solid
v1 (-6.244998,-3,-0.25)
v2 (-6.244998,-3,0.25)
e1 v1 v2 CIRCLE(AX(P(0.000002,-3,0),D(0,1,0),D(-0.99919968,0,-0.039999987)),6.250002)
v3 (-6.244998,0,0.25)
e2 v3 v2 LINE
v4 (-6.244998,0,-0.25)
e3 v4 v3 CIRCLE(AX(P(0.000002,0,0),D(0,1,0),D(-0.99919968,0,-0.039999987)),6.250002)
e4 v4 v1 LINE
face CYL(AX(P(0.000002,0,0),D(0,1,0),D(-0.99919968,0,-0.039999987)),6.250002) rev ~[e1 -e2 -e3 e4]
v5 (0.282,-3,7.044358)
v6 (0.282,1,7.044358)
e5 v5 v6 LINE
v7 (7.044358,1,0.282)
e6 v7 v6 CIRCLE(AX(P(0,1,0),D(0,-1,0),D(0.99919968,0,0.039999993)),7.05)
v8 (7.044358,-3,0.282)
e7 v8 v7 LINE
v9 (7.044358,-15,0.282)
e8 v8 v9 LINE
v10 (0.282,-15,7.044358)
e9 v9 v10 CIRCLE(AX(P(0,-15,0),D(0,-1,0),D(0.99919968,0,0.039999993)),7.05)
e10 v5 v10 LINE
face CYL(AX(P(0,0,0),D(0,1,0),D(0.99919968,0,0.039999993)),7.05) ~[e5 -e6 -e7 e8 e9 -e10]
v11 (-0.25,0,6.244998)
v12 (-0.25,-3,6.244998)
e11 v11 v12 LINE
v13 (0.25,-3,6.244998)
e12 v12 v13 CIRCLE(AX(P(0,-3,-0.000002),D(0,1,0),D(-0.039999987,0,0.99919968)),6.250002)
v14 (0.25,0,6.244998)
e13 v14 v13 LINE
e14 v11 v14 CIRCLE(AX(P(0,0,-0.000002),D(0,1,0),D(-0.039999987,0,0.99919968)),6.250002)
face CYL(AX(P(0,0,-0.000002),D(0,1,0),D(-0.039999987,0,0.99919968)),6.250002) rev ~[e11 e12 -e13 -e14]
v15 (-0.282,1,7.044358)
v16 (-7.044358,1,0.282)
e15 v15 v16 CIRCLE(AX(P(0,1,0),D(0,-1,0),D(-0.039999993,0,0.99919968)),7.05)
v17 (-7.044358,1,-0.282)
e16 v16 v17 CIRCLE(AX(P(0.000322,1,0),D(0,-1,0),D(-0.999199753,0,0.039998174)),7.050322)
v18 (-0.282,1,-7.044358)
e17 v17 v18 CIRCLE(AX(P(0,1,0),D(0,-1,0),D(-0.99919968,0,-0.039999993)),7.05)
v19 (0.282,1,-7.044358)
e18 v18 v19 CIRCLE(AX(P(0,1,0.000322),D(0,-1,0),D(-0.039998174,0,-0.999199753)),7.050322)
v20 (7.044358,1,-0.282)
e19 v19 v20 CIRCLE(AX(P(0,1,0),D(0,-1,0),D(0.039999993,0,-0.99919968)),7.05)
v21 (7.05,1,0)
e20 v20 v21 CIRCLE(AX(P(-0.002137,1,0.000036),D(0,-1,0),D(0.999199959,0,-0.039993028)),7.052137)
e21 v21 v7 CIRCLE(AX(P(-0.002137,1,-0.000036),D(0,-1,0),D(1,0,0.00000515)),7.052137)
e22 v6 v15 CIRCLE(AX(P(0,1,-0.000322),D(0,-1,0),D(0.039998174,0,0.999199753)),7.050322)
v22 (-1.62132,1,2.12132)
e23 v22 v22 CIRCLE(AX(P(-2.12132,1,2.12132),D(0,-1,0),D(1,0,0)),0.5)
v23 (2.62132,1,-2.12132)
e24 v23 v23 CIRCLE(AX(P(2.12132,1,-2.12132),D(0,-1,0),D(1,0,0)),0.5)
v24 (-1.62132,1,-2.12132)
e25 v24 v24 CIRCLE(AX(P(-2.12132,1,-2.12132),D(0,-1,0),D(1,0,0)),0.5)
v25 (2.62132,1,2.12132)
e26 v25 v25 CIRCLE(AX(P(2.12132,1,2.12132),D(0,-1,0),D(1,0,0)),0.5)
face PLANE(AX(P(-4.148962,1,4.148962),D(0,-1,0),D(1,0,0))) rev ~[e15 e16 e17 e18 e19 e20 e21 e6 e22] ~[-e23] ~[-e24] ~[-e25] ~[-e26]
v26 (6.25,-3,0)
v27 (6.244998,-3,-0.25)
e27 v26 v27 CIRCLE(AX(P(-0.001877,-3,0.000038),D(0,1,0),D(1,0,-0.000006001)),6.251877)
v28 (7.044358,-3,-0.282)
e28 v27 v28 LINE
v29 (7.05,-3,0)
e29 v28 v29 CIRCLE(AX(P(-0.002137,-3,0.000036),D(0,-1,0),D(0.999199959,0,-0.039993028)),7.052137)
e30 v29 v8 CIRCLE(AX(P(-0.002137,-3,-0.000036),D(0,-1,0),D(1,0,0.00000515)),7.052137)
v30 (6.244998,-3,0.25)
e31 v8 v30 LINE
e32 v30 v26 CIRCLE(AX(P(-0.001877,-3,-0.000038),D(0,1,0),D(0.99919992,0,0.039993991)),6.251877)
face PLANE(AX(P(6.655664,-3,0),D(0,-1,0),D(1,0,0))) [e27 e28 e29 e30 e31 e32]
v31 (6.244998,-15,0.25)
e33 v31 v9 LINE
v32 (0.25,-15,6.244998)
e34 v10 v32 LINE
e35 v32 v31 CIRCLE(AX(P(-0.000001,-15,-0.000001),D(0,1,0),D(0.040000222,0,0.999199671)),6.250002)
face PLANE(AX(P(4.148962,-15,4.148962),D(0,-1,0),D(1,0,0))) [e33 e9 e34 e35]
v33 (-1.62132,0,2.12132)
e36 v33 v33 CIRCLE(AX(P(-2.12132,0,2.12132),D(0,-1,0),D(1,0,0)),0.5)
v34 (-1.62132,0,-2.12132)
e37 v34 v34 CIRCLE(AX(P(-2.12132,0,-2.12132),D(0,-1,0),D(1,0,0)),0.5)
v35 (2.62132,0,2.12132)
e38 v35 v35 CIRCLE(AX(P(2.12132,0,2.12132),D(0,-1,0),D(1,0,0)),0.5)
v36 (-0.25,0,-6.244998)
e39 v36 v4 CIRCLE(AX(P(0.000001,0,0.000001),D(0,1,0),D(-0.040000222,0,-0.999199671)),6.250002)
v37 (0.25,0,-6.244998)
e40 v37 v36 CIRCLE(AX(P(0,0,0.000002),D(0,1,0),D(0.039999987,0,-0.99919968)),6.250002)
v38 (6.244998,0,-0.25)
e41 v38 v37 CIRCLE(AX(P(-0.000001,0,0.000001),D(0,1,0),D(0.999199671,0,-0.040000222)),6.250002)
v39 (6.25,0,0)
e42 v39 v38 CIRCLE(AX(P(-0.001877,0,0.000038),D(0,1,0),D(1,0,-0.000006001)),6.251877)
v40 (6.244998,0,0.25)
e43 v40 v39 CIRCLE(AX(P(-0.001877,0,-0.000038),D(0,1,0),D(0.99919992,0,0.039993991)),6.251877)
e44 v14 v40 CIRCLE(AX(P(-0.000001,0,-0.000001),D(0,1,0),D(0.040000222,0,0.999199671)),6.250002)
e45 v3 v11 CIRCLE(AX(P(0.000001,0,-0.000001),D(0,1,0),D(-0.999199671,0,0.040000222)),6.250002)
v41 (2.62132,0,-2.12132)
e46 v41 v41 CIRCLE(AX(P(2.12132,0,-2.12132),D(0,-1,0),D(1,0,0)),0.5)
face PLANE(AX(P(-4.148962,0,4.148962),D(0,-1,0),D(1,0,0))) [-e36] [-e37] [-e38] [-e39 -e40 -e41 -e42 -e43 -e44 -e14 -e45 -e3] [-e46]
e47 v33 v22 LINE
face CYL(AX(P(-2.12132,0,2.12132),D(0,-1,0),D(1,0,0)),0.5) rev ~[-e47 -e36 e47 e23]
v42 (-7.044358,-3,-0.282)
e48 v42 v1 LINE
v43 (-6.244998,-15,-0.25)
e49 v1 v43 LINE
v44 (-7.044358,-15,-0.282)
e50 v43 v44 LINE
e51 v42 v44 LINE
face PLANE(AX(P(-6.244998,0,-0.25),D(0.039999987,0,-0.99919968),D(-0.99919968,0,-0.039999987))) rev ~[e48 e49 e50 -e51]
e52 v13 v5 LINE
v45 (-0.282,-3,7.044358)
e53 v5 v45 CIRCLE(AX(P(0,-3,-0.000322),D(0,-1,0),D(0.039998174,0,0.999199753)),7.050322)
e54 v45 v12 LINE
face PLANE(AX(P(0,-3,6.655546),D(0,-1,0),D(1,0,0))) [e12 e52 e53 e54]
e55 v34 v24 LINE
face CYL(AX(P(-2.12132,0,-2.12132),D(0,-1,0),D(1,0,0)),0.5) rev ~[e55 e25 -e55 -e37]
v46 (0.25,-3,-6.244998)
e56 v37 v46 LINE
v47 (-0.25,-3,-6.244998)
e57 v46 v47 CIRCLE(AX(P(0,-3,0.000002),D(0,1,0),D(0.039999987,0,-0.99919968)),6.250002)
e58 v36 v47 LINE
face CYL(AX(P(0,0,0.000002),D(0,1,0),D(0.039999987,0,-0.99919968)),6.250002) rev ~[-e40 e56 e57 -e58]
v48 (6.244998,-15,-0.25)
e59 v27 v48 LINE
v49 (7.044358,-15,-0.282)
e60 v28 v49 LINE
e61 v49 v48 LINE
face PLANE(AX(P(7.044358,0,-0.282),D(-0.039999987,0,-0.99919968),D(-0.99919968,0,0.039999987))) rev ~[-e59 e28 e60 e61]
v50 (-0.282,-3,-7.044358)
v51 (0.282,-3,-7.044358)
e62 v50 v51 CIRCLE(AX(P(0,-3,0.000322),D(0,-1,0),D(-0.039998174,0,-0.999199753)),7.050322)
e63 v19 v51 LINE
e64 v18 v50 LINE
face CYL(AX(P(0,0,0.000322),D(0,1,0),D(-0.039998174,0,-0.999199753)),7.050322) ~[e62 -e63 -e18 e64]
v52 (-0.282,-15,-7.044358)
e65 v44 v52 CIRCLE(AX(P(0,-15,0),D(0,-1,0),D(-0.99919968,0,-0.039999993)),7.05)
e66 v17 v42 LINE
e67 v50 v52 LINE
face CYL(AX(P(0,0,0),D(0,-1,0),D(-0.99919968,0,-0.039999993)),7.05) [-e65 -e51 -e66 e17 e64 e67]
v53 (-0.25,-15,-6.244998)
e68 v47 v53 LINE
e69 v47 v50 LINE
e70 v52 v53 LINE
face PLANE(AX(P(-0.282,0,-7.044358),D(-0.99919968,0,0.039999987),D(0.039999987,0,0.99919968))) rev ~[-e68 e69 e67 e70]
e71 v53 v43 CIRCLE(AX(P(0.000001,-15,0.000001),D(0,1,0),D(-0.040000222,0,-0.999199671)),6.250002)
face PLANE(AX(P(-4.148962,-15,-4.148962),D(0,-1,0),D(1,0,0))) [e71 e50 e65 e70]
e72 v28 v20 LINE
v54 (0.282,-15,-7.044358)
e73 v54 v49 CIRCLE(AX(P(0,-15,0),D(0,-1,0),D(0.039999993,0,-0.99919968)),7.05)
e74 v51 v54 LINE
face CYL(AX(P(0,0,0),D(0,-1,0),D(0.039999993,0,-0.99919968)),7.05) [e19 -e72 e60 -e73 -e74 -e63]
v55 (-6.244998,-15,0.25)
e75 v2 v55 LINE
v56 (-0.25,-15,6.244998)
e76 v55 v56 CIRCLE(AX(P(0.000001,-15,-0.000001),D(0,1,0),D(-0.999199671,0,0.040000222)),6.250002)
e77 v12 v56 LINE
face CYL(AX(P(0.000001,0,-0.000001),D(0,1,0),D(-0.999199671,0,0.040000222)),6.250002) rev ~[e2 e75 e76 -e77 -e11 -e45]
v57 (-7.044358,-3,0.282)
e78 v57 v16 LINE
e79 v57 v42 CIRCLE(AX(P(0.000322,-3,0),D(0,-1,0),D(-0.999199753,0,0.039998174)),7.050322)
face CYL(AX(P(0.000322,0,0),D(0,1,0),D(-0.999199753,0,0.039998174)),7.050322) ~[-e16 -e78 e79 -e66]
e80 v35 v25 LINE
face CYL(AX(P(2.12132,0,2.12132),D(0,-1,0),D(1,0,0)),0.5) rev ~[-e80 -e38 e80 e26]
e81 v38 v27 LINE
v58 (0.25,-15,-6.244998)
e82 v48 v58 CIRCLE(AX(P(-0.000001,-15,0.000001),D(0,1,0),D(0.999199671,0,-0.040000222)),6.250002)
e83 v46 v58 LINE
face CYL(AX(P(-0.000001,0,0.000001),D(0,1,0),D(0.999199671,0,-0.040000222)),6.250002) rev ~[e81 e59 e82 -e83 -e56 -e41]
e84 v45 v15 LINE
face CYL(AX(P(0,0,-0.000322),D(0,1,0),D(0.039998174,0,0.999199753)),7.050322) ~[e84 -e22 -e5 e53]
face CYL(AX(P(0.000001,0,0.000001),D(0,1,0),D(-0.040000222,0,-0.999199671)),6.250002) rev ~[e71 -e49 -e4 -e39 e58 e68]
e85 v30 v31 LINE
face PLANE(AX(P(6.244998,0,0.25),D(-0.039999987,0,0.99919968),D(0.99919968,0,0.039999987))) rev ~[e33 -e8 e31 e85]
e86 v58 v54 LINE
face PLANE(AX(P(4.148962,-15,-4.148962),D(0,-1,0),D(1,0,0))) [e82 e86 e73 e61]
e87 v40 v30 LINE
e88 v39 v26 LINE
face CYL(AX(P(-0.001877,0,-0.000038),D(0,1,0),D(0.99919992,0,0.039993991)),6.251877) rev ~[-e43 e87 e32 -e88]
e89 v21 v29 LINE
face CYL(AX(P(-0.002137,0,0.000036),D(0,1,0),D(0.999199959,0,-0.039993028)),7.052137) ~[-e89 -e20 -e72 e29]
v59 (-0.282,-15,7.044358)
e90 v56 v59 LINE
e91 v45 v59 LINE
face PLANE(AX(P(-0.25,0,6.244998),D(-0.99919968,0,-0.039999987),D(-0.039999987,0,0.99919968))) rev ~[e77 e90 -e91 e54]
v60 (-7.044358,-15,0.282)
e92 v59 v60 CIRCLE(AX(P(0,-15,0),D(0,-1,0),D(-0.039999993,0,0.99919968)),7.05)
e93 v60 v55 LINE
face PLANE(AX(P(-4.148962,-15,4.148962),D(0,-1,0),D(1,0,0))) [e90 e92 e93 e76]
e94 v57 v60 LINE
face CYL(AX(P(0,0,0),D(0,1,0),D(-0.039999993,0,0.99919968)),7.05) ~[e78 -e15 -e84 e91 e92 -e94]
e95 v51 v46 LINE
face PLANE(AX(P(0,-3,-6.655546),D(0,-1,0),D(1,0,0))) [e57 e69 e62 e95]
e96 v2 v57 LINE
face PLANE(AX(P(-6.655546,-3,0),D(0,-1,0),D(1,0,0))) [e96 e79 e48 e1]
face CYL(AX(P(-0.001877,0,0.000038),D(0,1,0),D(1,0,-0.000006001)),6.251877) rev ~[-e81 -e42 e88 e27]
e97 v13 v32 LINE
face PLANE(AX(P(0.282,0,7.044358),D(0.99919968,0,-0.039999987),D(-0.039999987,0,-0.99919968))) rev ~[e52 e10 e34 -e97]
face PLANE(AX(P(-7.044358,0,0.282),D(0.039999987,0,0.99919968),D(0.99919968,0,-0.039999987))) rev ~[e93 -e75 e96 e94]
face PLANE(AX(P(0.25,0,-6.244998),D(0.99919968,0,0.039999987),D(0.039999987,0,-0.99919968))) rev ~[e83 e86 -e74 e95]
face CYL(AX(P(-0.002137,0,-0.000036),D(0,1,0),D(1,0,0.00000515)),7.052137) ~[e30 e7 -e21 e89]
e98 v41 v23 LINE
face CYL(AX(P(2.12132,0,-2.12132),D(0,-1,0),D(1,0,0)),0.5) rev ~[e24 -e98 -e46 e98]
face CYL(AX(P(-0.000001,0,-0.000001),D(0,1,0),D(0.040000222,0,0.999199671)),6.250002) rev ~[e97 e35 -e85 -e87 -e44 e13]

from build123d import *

# Parameters (mm, degrees)
F0_R     = 0.5
F1_DEPTH = 1
F2_DEPTH = 15
F3_DEPTH = 3


with BuildPart() as f1:
    # F0 (on Front) → F1 (new body)
    with BuildSketch(Plane.XZ):
        with BuildLine():
            ThreePointArc((-6.244998, 0.25), (-4.419417, 4.419417), (-0.25, 6.244998))
            Line((-0.25, 6.244998), (-0.282, 7.044358))
            ThreePointArc((-0.282, 7.044358), (-4.985103, 4.985103), (-7.044358, 0.282))
            Line((-7.044358, 0.282), (-6.244998, 0.25))
        make_face()
        with BuildLine():
            ThreePointArc((-0.25, 6.244998), (0, 6.25), (0.25, 6.244998))
            Line((0.25, 6.244998), (0.282, 7.044358))
            ThreePointArc((0.282, 7.044358), (0, 7.05), (-0.282, 7.044358))
            Line((-0.282, 7.044358), (-0.25, 6.244998))
        make_face()
        with BuildLine():
            ThreePointArc((6.25, 0), (6.248749, 0.125025), (6.244998, 0.25))
            ThreePointArc((6.244998, 0.25), (4.419417, 4.419417), (0.25, 6.244998))
            ThreePointArc((0.25, 6.244998), (0, 6.25), (-0.25, 6.244998))
            ThreePointArc((-0.25, 6.244998), (-4.419417, 4.419417), (-6.244998, 0.25))
            ThreePointArc((-6.244998, 0.25), (-6.25, 0), (-6.244998, -0.25))
            ThreePointArc((-6.244998, -0.25), (-4.419417, -4.419417), (-0.25, -6.244998))
            ThreePointArc((-0.25, -6.244998), (0, -6.25), (0.25, -6.244998))
            ThreePointArc((0.25, -6.244998), (4.419417, -4.419417), (6.244998, -0.25))
            ThreePointArc((6.244998, -0.25), (6.248749, -0.125025), (6.25, 0))
        make_face()
        with Locations((-2.12132, -2.12132)):
            Circle(F0_R, mode=Mode.SUBTRACT)
        with Locations((2.12132, -2.12132)):
            Circle(F0_R, mode=Mode.SUBTRACT)
        with Locations((-2.12132, 2.12132)):
            Circle(F0_R, mode=Mode.SUBTRACT)
        with Locations((2.12132, 2.12132)):
            Circle(F0_R, mode=Mode.SUBTRACT)
        with BuildLine():
            ThreePointArc((0.25, 6.244998), (4.419417, 4.419417), (6.244998, 0.25))
            Line((6.244998, 0.25), (7.044358, 0.282))
            ThreePointArc((7.044358, 0.282), (4.985103, 4.985103), (0.282, 7.044358))
            Line((0.282, 7.044358), (0.25, 6.244998))
        make_face()
        with BuildLine():
            Line((7.044358, 0.282), (6.244998, 0.25))
            ThreePointArc((6.244998, 0.25), (6.248749, 0.125025), (6.25, 0))
            ThreePointArc((6.25, 0), (6.248749, -0.125025), (6.244998, -0.25))
            Line((6.244998, -0.25), (7.044358, -0.282))
            ThreePointArc((7.044358, -0.282), (7.048589, -0.141028), (7.05, 0))
            ThreePointArc((7.05, 0), (7.048589, 0.141028), (7.044358, 0.282))
        make_face()
        with BuildLine():
            Line((7.044358, -0.282), (6.244998, -0.25))
            ThreePointArc((6.244998, -0.25), (4.419417, -4.419417), (0.25, -6.244998))
            Line((0.25, -6.244998), (0.282, -7.044358))
            ThreePointArc((0.282, -7.044358), (4.985103, -4.985103), (7.044358, -0.282))
        make_face()
        with BuildLine():
            Line((0.282, -7.044358), (0.25, -6.244998))
            ThreePointArc((0.25, -6.244998), (0, -6.25), (-0.25, -6.244998))
            Line((-0.25, -6.244998), (-0.282, -7.044358))
            ThreePointArc((-0.282, -7.044358), (0, -7.05), (0.282, -7.044358))
        make_face()
        with BuildLine():
            ThreePointArc((-0.25, -6.244998), (-4.419417, -4.419417), (-6.244998, -0.25))
            Line((-6.244998, -0.25), (-7.044358, -0.282))
            ThreePointArc((-7.044358, -0.282), (-4.985103, -4.985103), (-0.282, -7.044358))
            Line((-0.282, -7.044358), (-0.25, -6.244998))
        make_face()
        with BuildLine():
            ThreePointArc((-6.244998, -0.25), (-6.25, 0), (-6.244998, 0.25))
            Line((-6.244998, 0.25), (-7.044358, 0.282))
            ThreePointArc((-7.044358, 0.282), (-7.05, 0), (-7.044358, -0.282))
            Line((-7.044358, -0.282), (-6.244998, -0.25))
        make_face()
    extrude(amount=-F1_DEPTH)

    # F0 (on Front) → F2 (join)
    with BuildSketch(Plane.XZ):
        with BuildLine():
            ThreePointArc((-6.244998, 0.25), (-4.419417, 4.419417), (-0.25, 6.244998))
            Line((-0.25, 6.244998), (-0.282, 7.044358))
            ThreePointArc((-0.282, 7.044358), (-4.985103, 4.985103), (-7.044358, 0.282))
            Line((-7.044358, 0.282), (-6.244998, 0.25))
        make_face()
        with BuildLine():
            ThreePointArc((0.25, 6.244998), (4.419417, 4.419417), (6.244998, 0.25))
            Line((6.244998, 0.25), (7.044358, 0.282))
            ThreePointArc((7.044358, 0.282), (4.985103, 4.985103), (0.282, 7.044358))
            Line((0.282, 7.044358), (0.25, 6.244998))
        make_face()
        with BuildLine():
            Line((7.044358, -0.282), (6.244998, -0.25))
            ThreePointArc((6.244998, -0.25), (4.419417, -4.419417), (0.25, -6.244998))
            Line((0.25, -6.244998), (0.282, -7.044358))
            ThreePointArc((0.282, -7.044358), (4.985103, -4.985103), (7.044358, -0.282))
        make_face()
        with BuildLine():
            ThreePointArc((-0.25, -6.244998), (-4.419417, -4.419417), (-6.244998, -0.25))
            Line((-6.244998, -0.25), (-7.044358, -0.282))
            ThreePointArc((-7.044358, -0.282), (-4.985103, -4.985103), (-0.282, -7.044358))
            Line((-0.282, -7.044358), (-0.25, -6.244998))
        make_face()
    extrude(amount=F2_DEPTH)

    # F0 (on Front) → F3 (join)
    with BuildSketch(Plane.XZ):
        with BuildLine():
            ThreePointArc((-6.244998, -0.25), (-6.25, 0), (-6.244998, 0.25))
            Line((-6.244998, 0.25), (-7.044358, 0.282))
            ThreePointArc((-7.044358, 0.282), (-7.05, 0), (-7.044358, -0.282))
            Line((-7.044358, -0.282), (-6.244998, -0.25))
        make_face()
        with BuildLine():
            Line((0.282, -7.044358), (0.25, -6.244998))
            ThreePointArc((0.25, -6.244998), (0, -6.25), (-0.25, -6.244998))
            Line((-0.25, -6.244998), (-0.282, -7.044358))
            ThreePointArc((-0.282, -7.044358), (0, -7.05), (0.282, -7.044358))
        make_face()
        with BuildLine():
            Line((7.044358, 0.282), (6.244998, 0.25))
            ThreePointArc((6.244998, 0.25), (6.248749, 0.125025), (6.25, 0))
            ThreePointArc((6.25, 0), (6.248749, -0.125025), (6.244998, -0.25))
            Line((6.244998, -0.25), (7.044358, -0.282))
            ThreePointArc((7.044358, -0.282), (7.048589, -0.141028), (7.05, 0))
            ThreePointArc((7.05, 0), (7.048589, 0.141028), (7.044358, 0.282))
        make_face()
        with BuildLine():
            ThreePointArc((-0.25, 6.244998), (0, 6.25), (0.25, 6.244998))
            Line((0.25, 6.244998), (0.282, 7.044358))
            ThreePointArc((0.282, 7.044358), (0, 7.05), (-0.282, 7.044358))
            Line((-0.282, 7.044358), (-0.25, 6.244998))
        make_face()
    extrude(amount=F3_DEPTH)


solid = f1.part
